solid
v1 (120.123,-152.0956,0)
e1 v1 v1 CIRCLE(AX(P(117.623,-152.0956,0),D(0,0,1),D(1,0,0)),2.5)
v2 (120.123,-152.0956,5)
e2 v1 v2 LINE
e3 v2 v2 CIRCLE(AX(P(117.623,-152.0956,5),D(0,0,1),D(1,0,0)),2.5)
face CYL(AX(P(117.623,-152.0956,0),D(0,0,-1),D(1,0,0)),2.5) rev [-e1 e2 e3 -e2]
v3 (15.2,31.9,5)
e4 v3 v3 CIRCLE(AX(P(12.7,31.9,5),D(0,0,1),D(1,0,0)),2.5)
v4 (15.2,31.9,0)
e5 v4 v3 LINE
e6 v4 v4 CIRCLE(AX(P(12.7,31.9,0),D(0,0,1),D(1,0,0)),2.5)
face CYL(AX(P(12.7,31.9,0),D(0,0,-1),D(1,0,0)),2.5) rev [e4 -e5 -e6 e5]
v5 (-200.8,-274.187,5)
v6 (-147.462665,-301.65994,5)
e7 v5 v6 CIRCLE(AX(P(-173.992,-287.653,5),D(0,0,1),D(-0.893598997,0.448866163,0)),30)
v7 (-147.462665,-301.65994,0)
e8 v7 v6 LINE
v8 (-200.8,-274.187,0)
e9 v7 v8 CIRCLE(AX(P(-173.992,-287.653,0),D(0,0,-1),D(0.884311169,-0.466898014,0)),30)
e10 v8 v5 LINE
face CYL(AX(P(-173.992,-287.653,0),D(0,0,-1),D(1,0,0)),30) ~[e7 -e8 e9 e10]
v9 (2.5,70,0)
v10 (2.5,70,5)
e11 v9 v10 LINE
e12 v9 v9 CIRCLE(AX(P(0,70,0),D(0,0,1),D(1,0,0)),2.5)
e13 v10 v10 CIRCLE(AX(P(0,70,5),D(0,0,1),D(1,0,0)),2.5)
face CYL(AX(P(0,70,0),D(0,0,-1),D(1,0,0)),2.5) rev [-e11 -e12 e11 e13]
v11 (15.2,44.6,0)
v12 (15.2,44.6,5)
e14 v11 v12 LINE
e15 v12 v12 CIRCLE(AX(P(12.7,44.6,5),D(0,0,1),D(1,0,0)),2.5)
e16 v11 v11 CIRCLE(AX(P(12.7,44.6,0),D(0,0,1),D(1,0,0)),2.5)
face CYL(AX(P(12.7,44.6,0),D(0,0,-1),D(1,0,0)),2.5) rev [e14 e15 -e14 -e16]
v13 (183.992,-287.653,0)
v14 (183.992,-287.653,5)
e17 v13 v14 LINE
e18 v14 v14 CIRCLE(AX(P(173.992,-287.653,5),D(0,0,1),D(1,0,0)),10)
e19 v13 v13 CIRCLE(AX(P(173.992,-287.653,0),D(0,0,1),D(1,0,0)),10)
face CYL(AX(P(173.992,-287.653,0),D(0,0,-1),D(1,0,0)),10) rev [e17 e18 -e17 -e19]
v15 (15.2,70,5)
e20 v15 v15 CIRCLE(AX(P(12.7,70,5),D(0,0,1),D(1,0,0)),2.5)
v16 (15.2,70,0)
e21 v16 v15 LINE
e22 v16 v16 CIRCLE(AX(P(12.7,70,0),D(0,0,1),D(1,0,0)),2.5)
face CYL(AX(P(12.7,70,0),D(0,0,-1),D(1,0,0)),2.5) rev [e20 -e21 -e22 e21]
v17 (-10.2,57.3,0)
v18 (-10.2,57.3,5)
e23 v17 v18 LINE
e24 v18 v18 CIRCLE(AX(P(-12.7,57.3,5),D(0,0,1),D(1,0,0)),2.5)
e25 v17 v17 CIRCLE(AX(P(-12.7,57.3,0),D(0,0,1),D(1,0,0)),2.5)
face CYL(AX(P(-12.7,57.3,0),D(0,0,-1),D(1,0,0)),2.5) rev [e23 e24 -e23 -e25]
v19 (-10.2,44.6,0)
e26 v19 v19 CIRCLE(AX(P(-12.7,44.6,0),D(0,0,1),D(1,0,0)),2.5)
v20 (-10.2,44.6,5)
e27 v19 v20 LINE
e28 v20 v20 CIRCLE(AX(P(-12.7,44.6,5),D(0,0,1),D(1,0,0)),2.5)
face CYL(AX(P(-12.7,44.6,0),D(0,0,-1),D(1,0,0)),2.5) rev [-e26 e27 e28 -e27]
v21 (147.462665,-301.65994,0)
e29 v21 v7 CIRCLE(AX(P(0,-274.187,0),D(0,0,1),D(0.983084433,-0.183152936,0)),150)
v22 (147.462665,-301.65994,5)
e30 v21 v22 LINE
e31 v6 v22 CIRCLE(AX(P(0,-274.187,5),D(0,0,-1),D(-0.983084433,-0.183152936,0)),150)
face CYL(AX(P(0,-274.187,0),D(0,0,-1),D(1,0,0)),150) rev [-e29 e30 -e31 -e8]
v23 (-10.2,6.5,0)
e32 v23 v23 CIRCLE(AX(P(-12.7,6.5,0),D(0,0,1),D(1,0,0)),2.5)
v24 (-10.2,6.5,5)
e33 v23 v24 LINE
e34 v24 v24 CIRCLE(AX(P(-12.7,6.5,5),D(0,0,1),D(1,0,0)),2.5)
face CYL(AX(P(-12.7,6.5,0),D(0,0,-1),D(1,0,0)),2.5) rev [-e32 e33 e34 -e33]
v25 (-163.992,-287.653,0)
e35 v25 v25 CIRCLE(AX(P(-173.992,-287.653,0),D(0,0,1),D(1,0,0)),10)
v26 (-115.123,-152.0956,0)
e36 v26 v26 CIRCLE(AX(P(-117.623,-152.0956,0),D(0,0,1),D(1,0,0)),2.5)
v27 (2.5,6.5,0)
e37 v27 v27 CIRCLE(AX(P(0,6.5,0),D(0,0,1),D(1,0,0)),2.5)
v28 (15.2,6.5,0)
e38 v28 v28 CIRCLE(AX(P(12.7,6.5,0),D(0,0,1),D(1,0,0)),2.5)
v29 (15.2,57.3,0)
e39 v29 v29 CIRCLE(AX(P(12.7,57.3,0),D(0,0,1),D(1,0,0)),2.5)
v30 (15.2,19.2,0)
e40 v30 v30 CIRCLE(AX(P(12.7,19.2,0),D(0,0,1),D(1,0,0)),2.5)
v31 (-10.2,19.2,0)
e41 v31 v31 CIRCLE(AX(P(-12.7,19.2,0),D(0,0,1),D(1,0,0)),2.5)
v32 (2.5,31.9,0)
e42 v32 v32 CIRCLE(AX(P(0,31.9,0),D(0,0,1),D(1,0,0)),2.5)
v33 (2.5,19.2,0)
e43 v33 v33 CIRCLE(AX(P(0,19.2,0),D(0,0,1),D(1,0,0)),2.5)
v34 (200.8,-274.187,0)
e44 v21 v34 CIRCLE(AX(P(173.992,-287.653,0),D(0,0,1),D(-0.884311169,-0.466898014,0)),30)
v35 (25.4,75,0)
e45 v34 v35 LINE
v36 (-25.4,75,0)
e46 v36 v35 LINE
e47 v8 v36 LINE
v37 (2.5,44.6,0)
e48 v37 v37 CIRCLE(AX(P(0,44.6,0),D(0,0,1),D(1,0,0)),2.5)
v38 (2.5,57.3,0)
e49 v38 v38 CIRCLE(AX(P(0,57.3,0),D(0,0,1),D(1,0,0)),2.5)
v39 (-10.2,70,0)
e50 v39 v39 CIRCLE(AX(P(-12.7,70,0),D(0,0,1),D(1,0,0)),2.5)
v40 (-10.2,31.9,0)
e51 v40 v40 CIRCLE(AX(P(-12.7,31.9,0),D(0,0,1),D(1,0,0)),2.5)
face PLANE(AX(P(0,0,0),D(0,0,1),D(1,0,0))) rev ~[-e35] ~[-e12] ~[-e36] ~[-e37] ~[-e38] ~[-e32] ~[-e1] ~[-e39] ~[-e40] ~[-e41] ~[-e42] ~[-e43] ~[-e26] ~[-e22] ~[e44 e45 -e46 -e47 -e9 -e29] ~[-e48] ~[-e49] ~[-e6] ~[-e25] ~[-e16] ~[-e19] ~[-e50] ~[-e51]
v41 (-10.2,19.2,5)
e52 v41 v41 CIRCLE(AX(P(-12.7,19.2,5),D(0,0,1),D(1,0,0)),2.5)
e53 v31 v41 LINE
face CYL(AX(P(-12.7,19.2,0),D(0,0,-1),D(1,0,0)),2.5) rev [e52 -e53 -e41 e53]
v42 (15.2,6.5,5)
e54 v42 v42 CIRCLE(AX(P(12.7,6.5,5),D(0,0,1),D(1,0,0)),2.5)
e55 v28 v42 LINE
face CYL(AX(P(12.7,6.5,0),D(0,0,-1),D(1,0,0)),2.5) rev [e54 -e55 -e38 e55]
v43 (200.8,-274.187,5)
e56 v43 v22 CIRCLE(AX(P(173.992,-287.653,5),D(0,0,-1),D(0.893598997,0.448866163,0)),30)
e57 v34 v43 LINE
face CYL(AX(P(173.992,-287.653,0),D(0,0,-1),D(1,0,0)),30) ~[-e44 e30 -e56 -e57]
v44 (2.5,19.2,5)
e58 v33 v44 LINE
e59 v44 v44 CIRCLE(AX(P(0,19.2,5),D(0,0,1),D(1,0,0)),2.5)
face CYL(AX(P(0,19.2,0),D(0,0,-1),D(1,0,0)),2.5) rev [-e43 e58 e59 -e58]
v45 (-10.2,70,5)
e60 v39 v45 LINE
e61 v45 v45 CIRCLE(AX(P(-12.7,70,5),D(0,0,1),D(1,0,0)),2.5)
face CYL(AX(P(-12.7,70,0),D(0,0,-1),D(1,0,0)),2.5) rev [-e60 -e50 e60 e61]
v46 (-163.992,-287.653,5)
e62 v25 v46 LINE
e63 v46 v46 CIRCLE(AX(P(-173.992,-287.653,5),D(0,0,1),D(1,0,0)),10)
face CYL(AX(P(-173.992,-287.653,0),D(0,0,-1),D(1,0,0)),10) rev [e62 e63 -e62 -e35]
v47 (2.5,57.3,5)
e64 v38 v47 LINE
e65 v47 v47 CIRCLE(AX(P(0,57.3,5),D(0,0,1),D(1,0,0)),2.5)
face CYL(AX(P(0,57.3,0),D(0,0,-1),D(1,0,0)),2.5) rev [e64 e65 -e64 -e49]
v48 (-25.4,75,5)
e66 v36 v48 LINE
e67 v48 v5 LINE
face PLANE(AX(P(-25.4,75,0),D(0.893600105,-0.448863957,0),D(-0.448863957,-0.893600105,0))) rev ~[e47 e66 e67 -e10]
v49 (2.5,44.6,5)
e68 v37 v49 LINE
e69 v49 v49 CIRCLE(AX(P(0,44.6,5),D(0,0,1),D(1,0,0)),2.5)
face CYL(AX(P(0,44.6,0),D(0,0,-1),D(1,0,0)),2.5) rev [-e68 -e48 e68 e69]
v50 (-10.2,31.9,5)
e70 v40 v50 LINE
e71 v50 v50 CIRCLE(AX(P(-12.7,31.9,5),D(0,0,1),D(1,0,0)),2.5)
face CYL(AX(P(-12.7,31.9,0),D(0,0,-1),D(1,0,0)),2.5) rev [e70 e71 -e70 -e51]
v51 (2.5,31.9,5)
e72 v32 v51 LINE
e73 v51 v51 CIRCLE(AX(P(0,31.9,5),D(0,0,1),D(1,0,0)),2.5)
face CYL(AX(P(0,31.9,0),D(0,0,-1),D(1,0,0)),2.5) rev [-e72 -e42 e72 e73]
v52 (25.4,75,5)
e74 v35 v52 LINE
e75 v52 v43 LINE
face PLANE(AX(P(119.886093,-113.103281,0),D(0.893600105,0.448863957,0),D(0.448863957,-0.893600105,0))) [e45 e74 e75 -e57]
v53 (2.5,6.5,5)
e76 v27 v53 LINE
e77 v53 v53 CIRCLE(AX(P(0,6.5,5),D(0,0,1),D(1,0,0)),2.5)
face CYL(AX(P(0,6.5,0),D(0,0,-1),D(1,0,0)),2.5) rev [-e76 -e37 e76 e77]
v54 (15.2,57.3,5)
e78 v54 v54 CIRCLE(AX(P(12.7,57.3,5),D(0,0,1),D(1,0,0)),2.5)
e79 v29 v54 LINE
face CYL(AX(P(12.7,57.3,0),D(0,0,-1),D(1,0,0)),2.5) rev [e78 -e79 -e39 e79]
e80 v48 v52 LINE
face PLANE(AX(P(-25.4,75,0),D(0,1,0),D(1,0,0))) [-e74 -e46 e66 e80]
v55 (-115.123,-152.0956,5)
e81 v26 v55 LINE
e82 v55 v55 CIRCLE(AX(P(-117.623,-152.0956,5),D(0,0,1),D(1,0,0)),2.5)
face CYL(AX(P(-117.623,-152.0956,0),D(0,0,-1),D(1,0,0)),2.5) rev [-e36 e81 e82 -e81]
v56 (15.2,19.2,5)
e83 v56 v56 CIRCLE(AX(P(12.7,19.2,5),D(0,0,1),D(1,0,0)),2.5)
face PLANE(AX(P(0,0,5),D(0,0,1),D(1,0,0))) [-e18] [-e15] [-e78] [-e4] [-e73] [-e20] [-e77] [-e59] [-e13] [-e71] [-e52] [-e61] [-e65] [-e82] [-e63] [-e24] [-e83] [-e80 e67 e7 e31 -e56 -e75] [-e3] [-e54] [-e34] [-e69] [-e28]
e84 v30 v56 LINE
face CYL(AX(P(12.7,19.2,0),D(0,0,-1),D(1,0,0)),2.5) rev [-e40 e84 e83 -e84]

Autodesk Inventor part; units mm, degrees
ref_plane "YZ Plane" through (0, 0, 0) normal (1, 0, 0) x (0, 1, 0)
ref_plane "XZ Plane" through (0, 0, 0) normal (0, 1, 0) x (-1, 0, 0)
ref_plane "XY Plane" through (0, 0, 0) normal (0, 0, 1) x (1, 0, 0)
sketch "Esboço1" plane through (0, 0, 0) normal (0, 0, 1) x (1, 0, 0)
  line L0 (25.4, -75) -> (-25.4, -75)
  line L1 (-25.4, -75) -> (-25.4, 75)
  line L2 (-25.4, 75) -> (25.4, 75)
  line L3 (25.4, 75) -> (25.4, -75)
  line L4 (25.4, -75) -> (-25.4, 75) construction
  line L5 (-25.4, -75) -> (25.4, 75) construction
  circle A0 centre (0, -274.187) radius 150
  circle A1 centre (0, -274.187) radius 200.8
  line L6 (-25.4, 75) -> (-200.8, -274.187)
  line L7 (0, -274.187) -> (0, 0)
  line L8 (25.4, -75) -> (-25.4, 75) construction
  line L9 (25.4, 75) -> (200.8, -274.187)
  circle A2 centre (-173.992, -287.653) radius 30
  circle A3 centre (173.992, -287.653) radius 30
  circle A4 centre (-173.992, -287.653) radius 10
  circle A5 centre (173.992, -287.653) radius 10
  circle A6 centre (0, 70) radius 2.5
  circle A7 centre (12.7, 70) radius 2.5
  circle A8 centre (-12.7, 70) radius 2.5
  circle A9 centre (0, 57.3) radius 2.5
  circle A10 centre (12.7, 57.3) radius 2.5
  circle A11 centre (-12.7, 57.3) radius 2.5
  circle A12 centre (0, 44.6) radius 2.5
  circle A13 centre (12.7, 44.6) radius 2.5
  circle A14 centre (-12.7, 44.6) radius 2.5
  circle A15 centre (0, 31.9) radius 2.5
  circle A16 centre (12.7, 31.9) radius 2.5
  circle A17 centre (-12.7, 31.9) radius 2.5
  circle A18 centre (0, 19.2) radius 2.5
  circle A19 centre (12.7, 19.2) radius 2.5
  circle A20 centre (-12.7, 19.2) radius 2.5
  circle A21 centre (0, 6.5) radius 2.5
  circle A22 centre (12.7, 6.5) radius 2.5
  circle A23 centre (-12.7, 6.5) radius 2.5
  circle A24 centre (117.623, -152.0956) radius 2.5
  circle A25 centre (-117.623, -152.0956) radius 2.5
  point P0 (-147.4627, -301.6599)
  point P1 (147.4627, -301.6599)
  dimension "d5" = 60
  dimension "d0" = 50.8
  dimension "d1" = 300
  dimension "d3" = 150
  dimension "d4" = 50.8
  dimension "d6" = 20
  dimension "d7" = 20
  dimension "d8" = 5
  dimension "d9" = 5
  dimension "d12" = 12.7
  dimension "d15" = 12.7
  dimension "d20" = 5
extrude "Extrusão1" add sketch "Esboço1" along normal blind 5 contours A1 L9 A3 A0 L7 L0 | A1 L1 L2 L3 | L3 L9 A1 | L0 L7 A1 | L7 A0 A2 L6 A1 L0 | L0 A1 L7 | A1 L6 L1 | A3 A1 | A1 A3 A0 | A0 A2 A1 | A1 A2
properties part number "Chapa Base - Hand"
